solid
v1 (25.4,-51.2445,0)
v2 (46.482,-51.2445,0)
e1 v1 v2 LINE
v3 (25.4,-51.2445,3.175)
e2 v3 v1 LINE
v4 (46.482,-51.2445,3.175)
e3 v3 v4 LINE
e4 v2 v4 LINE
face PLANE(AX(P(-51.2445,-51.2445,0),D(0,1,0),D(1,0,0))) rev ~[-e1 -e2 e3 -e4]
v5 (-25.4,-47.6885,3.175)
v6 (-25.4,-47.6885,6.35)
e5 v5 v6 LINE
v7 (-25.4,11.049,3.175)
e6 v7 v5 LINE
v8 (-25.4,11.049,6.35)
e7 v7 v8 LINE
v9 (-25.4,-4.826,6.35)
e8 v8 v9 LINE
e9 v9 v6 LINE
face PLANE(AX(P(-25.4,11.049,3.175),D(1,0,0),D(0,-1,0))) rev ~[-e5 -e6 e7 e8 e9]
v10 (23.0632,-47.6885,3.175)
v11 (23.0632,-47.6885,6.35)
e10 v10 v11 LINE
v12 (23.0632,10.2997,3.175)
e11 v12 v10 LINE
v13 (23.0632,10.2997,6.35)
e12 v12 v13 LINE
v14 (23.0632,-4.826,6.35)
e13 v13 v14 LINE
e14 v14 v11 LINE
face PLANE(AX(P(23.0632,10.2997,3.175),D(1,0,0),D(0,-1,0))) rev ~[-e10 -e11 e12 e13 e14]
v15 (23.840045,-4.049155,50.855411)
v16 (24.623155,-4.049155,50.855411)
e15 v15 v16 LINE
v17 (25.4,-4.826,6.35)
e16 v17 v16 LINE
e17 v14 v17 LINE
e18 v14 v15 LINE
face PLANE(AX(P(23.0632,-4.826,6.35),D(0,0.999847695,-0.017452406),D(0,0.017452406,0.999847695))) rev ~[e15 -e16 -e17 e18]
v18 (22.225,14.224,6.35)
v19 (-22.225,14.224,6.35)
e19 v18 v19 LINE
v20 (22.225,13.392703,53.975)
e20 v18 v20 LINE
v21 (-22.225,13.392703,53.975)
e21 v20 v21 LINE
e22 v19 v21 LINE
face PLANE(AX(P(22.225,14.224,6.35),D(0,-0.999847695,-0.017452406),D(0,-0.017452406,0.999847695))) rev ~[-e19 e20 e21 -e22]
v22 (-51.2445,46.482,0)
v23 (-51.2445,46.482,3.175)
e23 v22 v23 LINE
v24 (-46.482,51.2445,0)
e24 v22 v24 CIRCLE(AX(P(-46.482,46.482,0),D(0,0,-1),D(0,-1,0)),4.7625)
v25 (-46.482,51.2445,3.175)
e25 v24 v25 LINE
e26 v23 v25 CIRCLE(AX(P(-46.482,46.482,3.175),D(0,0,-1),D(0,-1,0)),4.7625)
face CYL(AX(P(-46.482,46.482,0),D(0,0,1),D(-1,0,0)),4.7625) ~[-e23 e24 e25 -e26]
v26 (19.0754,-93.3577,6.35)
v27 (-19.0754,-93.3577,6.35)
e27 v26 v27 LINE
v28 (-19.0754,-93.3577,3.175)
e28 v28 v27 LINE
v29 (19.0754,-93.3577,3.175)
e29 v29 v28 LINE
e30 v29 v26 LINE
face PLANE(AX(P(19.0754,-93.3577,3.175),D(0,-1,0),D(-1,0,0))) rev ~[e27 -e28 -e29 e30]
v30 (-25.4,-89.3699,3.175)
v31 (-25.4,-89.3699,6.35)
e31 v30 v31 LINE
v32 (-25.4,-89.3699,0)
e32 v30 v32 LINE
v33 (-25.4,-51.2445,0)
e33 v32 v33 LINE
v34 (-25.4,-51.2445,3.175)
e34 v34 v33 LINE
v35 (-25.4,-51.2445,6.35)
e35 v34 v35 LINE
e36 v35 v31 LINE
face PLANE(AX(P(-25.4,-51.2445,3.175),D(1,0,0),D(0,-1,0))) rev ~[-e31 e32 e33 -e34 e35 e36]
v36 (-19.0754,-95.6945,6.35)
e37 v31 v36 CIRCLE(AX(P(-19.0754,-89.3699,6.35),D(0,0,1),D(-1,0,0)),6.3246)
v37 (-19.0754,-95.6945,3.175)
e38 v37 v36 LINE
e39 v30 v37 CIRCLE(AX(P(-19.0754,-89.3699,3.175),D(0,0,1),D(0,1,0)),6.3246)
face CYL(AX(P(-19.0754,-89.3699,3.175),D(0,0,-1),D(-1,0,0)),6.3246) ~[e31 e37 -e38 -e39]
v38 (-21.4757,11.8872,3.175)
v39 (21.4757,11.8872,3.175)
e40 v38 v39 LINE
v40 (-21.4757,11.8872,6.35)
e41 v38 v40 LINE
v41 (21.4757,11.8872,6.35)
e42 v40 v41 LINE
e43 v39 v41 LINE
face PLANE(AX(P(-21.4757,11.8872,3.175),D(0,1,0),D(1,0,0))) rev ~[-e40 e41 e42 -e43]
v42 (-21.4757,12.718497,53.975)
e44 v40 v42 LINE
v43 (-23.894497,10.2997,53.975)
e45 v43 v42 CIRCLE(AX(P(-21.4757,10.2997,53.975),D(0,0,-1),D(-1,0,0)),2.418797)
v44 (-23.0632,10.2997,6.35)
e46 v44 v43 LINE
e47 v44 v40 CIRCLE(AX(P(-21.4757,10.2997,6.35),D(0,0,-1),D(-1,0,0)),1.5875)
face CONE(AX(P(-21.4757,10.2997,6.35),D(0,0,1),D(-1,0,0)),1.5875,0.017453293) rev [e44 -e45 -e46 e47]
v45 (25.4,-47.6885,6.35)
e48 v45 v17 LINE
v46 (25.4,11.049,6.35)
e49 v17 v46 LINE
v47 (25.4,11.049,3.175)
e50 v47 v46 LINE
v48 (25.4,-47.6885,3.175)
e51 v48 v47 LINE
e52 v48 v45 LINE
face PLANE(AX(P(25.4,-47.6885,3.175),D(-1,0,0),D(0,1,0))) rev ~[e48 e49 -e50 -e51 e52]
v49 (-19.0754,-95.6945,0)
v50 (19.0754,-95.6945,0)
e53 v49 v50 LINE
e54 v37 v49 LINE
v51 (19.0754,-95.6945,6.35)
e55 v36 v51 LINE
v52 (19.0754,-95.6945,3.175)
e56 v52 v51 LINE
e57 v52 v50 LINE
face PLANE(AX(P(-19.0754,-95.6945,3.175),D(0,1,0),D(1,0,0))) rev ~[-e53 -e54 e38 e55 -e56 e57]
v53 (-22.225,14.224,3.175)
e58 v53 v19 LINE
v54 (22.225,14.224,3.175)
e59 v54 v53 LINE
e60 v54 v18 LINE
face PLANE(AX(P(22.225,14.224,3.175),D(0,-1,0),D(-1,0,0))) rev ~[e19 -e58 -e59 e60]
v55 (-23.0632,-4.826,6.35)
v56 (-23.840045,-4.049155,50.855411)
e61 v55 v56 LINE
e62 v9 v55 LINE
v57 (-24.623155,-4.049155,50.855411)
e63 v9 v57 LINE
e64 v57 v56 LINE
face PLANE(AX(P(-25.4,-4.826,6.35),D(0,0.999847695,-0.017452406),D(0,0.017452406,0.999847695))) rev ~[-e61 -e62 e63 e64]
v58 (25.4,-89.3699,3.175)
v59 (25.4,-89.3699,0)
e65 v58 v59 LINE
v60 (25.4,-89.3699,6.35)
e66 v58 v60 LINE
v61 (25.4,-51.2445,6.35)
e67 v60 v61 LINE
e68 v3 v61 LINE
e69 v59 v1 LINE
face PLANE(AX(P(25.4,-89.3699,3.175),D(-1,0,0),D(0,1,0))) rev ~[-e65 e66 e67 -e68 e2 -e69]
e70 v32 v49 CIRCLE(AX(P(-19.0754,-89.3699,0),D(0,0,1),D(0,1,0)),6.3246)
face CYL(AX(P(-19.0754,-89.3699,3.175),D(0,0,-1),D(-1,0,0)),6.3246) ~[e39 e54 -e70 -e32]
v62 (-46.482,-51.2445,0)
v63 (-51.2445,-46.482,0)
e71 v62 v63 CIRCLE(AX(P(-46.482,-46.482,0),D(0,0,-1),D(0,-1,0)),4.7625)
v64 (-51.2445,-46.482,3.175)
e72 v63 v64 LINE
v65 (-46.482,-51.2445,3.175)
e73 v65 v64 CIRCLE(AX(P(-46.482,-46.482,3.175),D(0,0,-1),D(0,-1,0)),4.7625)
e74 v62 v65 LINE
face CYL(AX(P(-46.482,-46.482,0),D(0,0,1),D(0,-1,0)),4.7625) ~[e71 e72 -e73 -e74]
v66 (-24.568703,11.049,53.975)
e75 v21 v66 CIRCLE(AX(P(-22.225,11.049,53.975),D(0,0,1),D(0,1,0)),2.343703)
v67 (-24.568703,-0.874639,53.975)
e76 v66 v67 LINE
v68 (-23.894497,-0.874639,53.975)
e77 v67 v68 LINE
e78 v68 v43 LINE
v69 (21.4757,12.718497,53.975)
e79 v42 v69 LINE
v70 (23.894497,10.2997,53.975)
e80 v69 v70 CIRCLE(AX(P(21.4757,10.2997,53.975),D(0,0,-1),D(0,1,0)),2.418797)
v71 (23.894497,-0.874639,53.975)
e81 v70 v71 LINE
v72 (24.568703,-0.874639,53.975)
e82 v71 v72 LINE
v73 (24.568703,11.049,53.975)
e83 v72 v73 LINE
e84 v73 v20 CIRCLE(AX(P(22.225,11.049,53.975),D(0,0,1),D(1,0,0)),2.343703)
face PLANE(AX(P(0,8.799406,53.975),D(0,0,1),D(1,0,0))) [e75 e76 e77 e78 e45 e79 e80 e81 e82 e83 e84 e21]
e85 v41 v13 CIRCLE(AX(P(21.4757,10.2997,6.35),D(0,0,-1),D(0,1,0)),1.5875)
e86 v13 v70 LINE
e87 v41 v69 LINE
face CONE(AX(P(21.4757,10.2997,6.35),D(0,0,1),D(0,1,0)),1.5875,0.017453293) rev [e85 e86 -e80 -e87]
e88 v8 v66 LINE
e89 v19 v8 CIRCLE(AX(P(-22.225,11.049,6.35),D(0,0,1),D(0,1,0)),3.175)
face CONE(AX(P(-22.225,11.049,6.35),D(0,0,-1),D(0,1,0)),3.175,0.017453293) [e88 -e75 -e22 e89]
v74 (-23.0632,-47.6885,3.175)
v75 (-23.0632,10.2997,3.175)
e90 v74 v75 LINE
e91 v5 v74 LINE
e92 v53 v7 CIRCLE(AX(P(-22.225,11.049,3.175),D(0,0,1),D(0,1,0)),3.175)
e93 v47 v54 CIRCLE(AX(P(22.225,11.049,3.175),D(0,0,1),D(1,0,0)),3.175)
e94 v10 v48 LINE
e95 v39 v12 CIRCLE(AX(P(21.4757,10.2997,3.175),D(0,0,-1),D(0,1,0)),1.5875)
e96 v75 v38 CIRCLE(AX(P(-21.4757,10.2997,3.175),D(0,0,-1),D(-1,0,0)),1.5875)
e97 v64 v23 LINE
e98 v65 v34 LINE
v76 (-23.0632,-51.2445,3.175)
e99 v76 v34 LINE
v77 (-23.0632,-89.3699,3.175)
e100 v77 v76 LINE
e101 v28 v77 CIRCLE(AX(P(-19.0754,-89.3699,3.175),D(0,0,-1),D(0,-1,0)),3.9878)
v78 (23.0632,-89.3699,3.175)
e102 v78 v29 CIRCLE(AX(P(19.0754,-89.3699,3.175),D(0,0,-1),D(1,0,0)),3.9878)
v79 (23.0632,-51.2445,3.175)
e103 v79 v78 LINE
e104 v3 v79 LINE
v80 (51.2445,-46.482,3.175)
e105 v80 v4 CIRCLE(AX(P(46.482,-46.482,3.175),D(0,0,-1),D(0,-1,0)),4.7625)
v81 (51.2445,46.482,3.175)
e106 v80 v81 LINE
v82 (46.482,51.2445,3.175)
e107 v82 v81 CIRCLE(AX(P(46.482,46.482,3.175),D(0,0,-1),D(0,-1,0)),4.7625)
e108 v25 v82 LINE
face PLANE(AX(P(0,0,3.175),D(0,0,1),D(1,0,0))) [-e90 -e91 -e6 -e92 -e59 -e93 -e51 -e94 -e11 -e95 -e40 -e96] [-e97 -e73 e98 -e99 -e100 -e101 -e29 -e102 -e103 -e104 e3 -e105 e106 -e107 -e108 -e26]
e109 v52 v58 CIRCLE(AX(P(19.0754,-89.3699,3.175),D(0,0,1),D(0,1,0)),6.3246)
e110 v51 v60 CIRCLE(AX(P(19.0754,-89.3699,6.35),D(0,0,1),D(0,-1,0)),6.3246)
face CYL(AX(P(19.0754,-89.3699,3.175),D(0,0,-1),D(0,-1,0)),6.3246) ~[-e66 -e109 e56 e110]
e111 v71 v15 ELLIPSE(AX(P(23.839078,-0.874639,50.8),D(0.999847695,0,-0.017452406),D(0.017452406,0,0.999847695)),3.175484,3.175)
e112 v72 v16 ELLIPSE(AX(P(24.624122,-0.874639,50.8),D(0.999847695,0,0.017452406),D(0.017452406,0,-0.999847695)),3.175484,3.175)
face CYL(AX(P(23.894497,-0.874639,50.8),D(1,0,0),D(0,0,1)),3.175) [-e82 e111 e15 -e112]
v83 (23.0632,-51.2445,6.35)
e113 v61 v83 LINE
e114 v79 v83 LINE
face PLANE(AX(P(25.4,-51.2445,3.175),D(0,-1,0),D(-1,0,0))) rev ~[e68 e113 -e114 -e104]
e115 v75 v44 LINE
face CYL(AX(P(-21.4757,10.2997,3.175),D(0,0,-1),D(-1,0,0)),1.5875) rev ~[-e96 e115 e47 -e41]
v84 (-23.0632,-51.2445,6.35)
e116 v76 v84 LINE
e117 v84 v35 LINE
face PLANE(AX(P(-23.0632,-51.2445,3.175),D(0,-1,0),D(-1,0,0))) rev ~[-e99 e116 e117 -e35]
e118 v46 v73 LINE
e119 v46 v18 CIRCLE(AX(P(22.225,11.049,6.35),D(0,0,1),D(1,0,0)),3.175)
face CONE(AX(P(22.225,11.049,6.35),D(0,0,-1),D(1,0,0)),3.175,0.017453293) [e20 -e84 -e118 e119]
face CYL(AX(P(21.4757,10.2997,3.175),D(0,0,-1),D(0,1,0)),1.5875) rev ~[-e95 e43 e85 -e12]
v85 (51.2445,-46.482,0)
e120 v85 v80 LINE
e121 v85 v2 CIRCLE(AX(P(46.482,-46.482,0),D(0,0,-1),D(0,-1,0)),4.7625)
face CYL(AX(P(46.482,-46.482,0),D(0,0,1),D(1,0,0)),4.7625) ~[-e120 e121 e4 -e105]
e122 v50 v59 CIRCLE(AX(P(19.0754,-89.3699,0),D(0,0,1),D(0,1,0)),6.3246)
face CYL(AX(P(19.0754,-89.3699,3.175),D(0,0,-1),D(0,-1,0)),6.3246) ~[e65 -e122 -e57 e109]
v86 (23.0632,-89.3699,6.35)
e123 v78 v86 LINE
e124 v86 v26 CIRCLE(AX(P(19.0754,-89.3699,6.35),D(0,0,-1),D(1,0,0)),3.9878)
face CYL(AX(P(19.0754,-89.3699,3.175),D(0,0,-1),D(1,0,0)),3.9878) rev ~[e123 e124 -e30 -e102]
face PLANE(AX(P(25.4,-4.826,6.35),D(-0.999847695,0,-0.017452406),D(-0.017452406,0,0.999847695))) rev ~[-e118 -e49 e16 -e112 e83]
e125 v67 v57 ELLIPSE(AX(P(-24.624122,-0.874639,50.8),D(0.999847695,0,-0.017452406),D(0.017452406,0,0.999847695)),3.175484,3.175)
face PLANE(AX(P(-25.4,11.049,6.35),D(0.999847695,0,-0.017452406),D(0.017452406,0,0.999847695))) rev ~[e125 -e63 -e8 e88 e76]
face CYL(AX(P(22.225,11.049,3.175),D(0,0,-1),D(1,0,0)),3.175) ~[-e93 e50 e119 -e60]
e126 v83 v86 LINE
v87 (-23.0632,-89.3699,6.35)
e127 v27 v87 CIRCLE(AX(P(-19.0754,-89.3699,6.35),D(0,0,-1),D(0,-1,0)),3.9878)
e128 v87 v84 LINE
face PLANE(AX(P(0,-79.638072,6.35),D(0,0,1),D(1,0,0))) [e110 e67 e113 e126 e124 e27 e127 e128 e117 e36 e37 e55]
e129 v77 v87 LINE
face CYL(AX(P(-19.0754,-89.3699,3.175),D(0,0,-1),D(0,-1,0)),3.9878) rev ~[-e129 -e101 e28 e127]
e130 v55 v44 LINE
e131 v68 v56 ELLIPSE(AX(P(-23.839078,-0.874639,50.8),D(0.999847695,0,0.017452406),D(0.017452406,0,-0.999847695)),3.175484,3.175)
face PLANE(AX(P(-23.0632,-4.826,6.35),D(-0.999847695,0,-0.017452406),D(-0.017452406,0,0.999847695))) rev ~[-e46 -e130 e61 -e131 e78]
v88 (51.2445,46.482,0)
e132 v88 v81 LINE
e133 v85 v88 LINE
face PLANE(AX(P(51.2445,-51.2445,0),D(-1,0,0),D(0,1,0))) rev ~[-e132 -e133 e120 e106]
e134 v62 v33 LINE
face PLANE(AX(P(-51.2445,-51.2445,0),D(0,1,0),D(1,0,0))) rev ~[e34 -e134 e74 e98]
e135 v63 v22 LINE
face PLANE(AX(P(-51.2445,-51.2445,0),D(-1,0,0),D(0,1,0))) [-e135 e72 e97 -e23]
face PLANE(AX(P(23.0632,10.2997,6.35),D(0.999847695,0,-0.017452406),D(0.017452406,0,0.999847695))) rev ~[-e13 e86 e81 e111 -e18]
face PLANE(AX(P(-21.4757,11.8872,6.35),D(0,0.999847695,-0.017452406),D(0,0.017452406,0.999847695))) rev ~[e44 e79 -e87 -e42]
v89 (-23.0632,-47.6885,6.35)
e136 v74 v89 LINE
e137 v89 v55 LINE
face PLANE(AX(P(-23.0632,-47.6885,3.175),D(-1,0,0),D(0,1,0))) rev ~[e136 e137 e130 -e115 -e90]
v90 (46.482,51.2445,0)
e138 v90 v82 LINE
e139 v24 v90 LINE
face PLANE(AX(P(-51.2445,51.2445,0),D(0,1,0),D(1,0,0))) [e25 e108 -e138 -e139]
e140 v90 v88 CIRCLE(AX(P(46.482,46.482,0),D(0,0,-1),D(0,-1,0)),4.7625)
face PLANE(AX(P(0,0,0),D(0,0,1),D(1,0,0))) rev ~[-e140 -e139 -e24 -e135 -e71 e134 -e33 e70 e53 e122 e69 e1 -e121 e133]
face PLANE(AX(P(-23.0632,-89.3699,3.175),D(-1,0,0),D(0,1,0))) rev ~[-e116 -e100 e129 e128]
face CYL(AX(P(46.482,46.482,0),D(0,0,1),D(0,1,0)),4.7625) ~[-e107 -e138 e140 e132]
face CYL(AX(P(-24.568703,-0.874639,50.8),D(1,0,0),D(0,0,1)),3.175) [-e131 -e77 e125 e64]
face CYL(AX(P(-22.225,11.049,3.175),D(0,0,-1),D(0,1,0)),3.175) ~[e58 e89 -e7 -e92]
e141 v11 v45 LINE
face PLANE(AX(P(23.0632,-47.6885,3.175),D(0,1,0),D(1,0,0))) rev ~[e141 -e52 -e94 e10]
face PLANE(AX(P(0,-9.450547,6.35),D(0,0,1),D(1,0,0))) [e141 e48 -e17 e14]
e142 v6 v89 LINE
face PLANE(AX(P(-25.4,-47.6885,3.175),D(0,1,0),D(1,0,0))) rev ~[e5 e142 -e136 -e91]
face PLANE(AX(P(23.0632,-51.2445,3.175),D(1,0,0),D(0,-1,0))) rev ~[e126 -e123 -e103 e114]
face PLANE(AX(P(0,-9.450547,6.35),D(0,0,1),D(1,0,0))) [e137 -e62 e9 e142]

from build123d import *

# Parameters (mm, degrees)
F0_W     = 102.489
F0_H     = 102.489
F1_DEPTH = 3.175
F2_W     = 50.8
F2_H     = 44.45
F3_DEPTH = 3.175
F4_R     = 6.3246
F5_R     = 4.7625
F7_DEPTH = 3.175
F9_DEPTH = 47.625
F9_TAPER = 1
F10_R    = 3.175


with BuildPart() as f1:
    # F0 (on Top) → F1 (new body)
    with BuildSketch(Plane.XY):
        Rectangle(F0_W, F0_H)
    extrude(amount=F1_DEPTH)

    # F2 (on face) → F3 (join)
    with BuildSketch(Plane.XY.offset(3.175)):
        with Locations((0, -73.4695)):
            Rectangle(F2_W, F2_H)
    extrude(amount=-F3_DEPTH)

    # F4
    f4_edges = [f1.edges().sort_by_distance(p)[0] for p in [
        (25.4, -95.6945, 1.5875),
        (-25.4, -95.6945, 1.5875),
    ]]
    fillet(f4_edges, radius=F4_R)

    # F5
    f5_edges = [f1.edges().sort_by_distance(p)[0] for p in [
        (-51.2445, -51.2445, 1.5875),
        (51.2445, -51.2445, 1.5875),
        (51.2445, 51.2445, 1.5875),
        (-51.2445, 51.2445, 1.5875),
    ]]
    fillet(f5_edges, radius=F5_R)

    # F6 (on face) → F7 (join)
    with BuildSketch(Plane.XY.offset(3.175)):
        with BuildLine():
            Line((-25.4, 11.049), (-25.4, -47.6885))
            Line((-25.4, -47.6885), (-23.0632, -47.6885))
            Line((-23.0632, -47.6885), (-23.0632, 10.2997))
            ThreePointArc((-23.0632, 10.2997), (-22.5982320151, 11.4222320151), (-21.4757, 11.8872))
            Line((-21.4757, 11.8872), (21.4757, 11.8872))
            ThreePointArc((21.4757, 11.8872), (22.5982320151, 11.4222320151), (23.0632, 10.2997))
            Line((23.0632, 10.2997), (23.0632, -47.6885))
            Line((23.0632, -47.6885), (25.4, -47.6885))
            Line((25.4, -47.6885), (25.4, 11.049))
            ThreePointArc((25.4, 11.049), (24.4700640303, 13.2940640303), (22.225, 14.224))
            Line((22.225, 14.224), (-22.225, 14.224))
            ThreePointArc((-22.225, 14.224), (-24.4700640303, 13.2940640303), (-25.4, 11.049))
        make_face()
        with BuildLine():
            Line((25.4, -89.3699), (25.4, -51.2445))
            Line((25.4, -51.2445), (23.0632, -51.2445))
            Line((23.0632, -51.2445), (23.0632, -89.3699))
            ThreePointArc((23.0632, -89.3699), (21.895200422, -92.189700422), (19.0754, -93.3577))
            Line((19.0754, -93.3577), (-19.0754, -93.3577))
            ThreePointArc((-19.0754, -93.3577), (-21.895200422, -92.189700422), (-23.0632, -89.3699))
            Line((-23.0632, -89.3699), (-23.0632, -51.2445))
            Line((-23.0632, -51.2445), (-25.4, -51.2445))
            Line((-25.4, -51.2445), (-25.4, -89.3699))
            ThreePointArc((-25.4, -89.3699), (-23.5475675483, -93.8420675483), (-19.0754, -95.6945))
            Line((-19.0754, -95.6945), (19.0754, -95.6945))
            ThreePointArc((19.0754, -95.6945), (23.5475675483, -93.8420675483), (25.4, -89.3699))
        make_face()
    extrude(amount=F7_DEPTH)

    # F8 (on face) → F9 (join)
    with BuildSketch(Plane.XY.offset(6.35)):
        with BuildLine():
            Line((-21.4757, 11.8872), (21.4757, 11.8872))
            ThreePointArc((21.4757, 11.8872), (22.5982320151, 11.4222320151), (23.0632, 10.2997))
            Line((23.0632, 10.2997), (23.0632, -4.826))
            Line((23.0632, -4.826), (25.4, -4.826))
            Line((25.4, -4.826), (25.4, 11.049))
            ThreePointArc((25.4, 11.049), (24.4700640303, 13.2940640303), (22.225, 14.224))
            Line((22.225, 14.224), (-22.225, 14.224))
            ThreePointArc((-22.225, 14.224), (-24.4700640303, 13.2940640303), (-25.4, 11.049))
            Line((-25.4, 11.049), (-25.4, -4.826))
            Line((-25.4, -4.826), (-23.0632, -4.826))
            Line((-23.0632, -4.826), (-23.0632, 10.2997))
            ThreePointArc((-23.0632, 10.2997), (-22.5982320151, 11.4222320151), (-21.4757, 11.8872))
        make_face()
    extrude(amount=F9_DEPTH, taper=F9_TAPER)

    # F10
    f10_edges = [f1.edges().sort_by_distance(p)[0] for p in [
        (-24.2316, -3.994703, 53.975),
        (24.2316, -3.994703, 53.975),
    ]]
    fillet(f10_edges, radius=F10_R)


solid = f1.part
